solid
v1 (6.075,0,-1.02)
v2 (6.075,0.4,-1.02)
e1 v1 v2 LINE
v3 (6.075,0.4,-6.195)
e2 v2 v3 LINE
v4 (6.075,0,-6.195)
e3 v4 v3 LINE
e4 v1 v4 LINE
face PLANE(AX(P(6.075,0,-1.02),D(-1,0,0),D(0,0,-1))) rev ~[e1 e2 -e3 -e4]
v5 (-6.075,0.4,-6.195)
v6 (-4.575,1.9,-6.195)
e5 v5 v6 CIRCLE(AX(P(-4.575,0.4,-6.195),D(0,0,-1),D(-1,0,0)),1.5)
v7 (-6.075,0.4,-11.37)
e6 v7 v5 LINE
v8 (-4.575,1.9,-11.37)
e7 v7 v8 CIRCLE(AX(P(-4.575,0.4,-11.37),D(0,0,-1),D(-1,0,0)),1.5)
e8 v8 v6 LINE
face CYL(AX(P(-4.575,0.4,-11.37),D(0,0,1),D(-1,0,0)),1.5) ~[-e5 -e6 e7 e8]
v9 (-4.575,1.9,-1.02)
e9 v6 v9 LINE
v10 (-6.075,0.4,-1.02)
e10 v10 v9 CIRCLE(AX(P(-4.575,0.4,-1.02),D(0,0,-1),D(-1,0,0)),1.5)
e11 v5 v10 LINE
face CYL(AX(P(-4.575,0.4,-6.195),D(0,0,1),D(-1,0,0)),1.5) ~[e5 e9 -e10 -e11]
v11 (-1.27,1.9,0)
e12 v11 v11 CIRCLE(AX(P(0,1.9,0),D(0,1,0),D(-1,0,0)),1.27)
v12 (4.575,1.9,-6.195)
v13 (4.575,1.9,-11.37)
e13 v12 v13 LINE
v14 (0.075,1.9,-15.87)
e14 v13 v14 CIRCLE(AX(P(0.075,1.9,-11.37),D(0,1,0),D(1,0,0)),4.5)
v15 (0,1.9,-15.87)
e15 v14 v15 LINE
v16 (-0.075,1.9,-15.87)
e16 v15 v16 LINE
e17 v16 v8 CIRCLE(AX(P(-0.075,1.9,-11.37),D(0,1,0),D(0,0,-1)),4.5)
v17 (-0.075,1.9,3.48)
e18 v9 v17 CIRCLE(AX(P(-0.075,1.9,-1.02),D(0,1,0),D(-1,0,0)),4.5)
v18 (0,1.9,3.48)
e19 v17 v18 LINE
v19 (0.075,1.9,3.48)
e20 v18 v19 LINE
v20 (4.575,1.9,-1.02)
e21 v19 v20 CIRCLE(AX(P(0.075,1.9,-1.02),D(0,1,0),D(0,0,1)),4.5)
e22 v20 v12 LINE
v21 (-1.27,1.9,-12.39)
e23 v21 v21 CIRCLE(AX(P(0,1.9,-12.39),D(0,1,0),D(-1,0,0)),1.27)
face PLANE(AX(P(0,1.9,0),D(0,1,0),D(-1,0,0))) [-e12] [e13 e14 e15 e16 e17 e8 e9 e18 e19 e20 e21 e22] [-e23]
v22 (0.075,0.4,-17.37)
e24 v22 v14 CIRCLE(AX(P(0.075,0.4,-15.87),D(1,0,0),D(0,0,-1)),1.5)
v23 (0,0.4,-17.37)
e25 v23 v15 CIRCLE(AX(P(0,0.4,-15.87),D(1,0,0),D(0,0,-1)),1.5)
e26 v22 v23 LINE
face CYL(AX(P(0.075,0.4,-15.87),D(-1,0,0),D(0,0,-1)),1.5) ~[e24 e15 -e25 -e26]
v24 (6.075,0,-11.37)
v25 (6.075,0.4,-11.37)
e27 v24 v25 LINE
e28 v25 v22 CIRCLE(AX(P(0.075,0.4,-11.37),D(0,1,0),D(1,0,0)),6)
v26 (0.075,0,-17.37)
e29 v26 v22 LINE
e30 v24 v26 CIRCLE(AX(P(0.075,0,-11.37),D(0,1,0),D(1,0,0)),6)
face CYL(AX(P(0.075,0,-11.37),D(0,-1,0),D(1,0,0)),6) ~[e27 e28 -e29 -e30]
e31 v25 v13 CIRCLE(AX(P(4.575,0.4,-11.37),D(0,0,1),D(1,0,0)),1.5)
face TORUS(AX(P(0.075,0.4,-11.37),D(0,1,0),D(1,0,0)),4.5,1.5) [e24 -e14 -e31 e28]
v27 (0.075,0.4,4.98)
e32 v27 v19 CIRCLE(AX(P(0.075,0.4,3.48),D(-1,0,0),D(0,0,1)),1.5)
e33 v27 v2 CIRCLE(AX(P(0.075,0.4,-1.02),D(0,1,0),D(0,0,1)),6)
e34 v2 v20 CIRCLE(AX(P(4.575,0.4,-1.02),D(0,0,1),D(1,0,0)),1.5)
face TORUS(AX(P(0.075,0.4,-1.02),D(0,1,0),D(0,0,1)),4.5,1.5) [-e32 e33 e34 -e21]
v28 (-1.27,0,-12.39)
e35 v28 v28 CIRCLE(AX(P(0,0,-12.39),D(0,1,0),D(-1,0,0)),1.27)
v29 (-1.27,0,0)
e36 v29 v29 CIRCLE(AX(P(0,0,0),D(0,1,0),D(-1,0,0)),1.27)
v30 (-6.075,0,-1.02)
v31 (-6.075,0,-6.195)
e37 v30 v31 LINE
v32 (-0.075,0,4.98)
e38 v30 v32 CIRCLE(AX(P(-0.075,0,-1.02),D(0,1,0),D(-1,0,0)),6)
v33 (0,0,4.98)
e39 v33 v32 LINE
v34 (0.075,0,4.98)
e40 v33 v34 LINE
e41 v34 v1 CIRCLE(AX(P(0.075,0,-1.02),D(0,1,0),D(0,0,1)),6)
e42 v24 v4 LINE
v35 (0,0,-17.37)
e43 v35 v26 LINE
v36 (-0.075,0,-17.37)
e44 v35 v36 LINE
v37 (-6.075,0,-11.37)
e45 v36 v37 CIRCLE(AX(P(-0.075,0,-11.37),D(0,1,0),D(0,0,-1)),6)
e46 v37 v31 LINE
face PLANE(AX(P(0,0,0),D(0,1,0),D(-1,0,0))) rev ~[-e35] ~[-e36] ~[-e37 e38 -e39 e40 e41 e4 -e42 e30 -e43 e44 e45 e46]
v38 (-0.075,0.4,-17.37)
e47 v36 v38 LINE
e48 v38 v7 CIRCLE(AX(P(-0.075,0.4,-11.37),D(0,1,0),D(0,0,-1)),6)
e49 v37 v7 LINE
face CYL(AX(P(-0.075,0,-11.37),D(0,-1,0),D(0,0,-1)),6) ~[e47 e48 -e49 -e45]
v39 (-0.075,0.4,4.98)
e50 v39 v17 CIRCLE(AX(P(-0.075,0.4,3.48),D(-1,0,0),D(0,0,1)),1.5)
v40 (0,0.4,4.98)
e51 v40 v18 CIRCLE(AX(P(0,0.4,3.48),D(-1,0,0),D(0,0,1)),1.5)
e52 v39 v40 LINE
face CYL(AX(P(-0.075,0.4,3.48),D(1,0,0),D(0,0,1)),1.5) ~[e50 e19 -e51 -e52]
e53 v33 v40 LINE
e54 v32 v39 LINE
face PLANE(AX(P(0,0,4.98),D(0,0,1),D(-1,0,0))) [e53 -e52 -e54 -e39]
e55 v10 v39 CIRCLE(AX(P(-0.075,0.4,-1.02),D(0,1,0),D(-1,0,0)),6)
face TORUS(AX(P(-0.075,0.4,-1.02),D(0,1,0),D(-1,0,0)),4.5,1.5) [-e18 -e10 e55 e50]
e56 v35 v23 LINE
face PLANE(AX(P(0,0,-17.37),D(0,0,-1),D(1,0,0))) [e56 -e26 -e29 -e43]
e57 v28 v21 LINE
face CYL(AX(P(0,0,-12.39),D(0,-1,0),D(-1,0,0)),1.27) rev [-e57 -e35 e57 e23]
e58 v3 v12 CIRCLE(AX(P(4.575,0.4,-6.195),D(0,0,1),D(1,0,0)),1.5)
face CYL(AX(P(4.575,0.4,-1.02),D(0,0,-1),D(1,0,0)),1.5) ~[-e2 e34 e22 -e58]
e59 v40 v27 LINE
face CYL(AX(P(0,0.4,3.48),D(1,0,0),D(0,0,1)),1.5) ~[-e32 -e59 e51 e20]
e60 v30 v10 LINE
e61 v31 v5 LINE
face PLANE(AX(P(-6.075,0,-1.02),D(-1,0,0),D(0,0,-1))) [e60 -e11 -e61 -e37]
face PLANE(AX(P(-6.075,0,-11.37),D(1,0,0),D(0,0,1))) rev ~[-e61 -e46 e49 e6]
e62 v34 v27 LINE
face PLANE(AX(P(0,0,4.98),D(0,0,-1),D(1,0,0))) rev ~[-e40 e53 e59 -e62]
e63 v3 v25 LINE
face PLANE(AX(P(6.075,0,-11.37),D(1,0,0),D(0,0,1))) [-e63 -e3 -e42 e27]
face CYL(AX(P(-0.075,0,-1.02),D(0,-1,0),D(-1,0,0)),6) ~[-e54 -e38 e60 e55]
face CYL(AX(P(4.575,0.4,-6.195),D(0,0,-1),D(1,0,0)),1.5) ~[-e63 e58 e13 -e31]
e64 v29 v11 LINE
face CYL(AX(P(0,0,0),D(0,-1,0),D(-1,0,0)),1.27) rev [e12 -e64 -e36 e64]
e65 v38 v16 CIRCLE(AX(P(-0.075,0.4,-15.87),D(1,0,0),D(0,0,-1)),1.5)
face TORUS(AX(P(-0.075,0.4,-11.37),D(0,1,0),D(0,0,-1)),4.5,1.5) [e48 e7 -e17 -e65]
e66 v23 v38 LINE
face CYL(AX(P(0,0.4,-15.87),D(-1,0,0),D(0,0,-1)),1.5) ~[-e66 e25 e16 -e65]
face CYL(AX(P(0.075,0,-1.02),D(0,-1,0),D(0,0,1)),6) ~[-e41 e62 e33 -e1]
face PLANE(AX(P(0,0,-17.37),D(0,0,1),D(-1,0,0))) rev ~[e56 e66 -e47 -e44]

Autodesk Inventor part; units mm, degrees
ref_plane "YZ Plane" through (0, 0, 0) normal (1, 0, 0) x (0, 1, 0)
ref_plane "XZ Plane" through (0, 0, 0) normal (0, 1, 0) x (-1, 0, 0)
ref_plane "XY Plane" through (0, 0, 0) normal (0, 0, 1) x (1, 0, 0)
sketch "Sketch1" plane through (0, 0, 0) normal (0, 1, 0) x (-1, 0, 0)
  circle A0 centre (0, 0) radius 1.27
  line L0 (0, 1.27) -> (0, 4.98) construction
  line L1 (0, 4.98) -> (0, -17.37) construction
  line L2 (0, -6.195) -> (6.075, -6.195) construction
  line L3 (0, 4.98) -> (0.075, 4.98)
  line L4 (6.075, -1.02) -> (6.075, -6.195)
  line L5 (0, 4.98) -> (-0.075, 4.98)
  line L6 (-6.075, -1.02) -> (-6.075, -6.195)
  line L7 (-6.075, -6.195) -> (0, -6.195) construction
  arc A1 (6.075, -1.02) -> (0.075, 4.98) centre (0.075, -1.02) ccw
  arc A2 (-0.075, 4.98) -> (-6.075, -1.02) centre (-0.075, -1.02) ccw
  circle A3 centre (0, -12.39) radius 1.27
  line L8 (0, -13.66) -> (0, -17.37) construction
  line L9 (0, -17.37) -> (0, 4.98) construction
  line L10 (0, -17.37) -> (0.075, -17.37)
  line L11 (0, -17.37) -> (-0.075, -17.37)
  arc A4 (0.075, -17.37) -> (6.075, -11.37) centre (0.075, -11.37) ccw
  arc A5 (-6.075, -11.37) -> (-0.075, -17.37) centre (-0.075, -11.37) ccw
  line L12 (6.075, -11.37) -> (6.075, -6.195)
  line L13 (-6.075, -11.37) -> (-6.075, -6.195)
  point P0 (-6.075, 4.98)
  point P1 (-6.075, -17.37)
  point P2 (6.075, -3.6075)
  dimension "d0" = 2.54
  dimension "d1" = 3.71
  dimension "d2" = 22.35
  dimension "d3" = 6.075
  dimension "d4" = 6.075
  dimension "d5" = 6
  dimension "d6" = 6
  dimension "d7" = 12.15
extrude "Extrusion1" add sketch "Sketch1" along normal blind 1.9
fillet "Fillet1" radius 1.5 8 edges at (6.075, 1.9, -3.6075) (4.3176, 1.9, -15.6126) (-0.0375, 1.9, -17.37) (-4.3176, 1.9, -15.6126) (-6.075, 1.9, -3.6075) (-4.3176, 1.9, 3.2226) (-0.0375, 1.9, 4.98) (4.3176, 1.9, 3.2226)
